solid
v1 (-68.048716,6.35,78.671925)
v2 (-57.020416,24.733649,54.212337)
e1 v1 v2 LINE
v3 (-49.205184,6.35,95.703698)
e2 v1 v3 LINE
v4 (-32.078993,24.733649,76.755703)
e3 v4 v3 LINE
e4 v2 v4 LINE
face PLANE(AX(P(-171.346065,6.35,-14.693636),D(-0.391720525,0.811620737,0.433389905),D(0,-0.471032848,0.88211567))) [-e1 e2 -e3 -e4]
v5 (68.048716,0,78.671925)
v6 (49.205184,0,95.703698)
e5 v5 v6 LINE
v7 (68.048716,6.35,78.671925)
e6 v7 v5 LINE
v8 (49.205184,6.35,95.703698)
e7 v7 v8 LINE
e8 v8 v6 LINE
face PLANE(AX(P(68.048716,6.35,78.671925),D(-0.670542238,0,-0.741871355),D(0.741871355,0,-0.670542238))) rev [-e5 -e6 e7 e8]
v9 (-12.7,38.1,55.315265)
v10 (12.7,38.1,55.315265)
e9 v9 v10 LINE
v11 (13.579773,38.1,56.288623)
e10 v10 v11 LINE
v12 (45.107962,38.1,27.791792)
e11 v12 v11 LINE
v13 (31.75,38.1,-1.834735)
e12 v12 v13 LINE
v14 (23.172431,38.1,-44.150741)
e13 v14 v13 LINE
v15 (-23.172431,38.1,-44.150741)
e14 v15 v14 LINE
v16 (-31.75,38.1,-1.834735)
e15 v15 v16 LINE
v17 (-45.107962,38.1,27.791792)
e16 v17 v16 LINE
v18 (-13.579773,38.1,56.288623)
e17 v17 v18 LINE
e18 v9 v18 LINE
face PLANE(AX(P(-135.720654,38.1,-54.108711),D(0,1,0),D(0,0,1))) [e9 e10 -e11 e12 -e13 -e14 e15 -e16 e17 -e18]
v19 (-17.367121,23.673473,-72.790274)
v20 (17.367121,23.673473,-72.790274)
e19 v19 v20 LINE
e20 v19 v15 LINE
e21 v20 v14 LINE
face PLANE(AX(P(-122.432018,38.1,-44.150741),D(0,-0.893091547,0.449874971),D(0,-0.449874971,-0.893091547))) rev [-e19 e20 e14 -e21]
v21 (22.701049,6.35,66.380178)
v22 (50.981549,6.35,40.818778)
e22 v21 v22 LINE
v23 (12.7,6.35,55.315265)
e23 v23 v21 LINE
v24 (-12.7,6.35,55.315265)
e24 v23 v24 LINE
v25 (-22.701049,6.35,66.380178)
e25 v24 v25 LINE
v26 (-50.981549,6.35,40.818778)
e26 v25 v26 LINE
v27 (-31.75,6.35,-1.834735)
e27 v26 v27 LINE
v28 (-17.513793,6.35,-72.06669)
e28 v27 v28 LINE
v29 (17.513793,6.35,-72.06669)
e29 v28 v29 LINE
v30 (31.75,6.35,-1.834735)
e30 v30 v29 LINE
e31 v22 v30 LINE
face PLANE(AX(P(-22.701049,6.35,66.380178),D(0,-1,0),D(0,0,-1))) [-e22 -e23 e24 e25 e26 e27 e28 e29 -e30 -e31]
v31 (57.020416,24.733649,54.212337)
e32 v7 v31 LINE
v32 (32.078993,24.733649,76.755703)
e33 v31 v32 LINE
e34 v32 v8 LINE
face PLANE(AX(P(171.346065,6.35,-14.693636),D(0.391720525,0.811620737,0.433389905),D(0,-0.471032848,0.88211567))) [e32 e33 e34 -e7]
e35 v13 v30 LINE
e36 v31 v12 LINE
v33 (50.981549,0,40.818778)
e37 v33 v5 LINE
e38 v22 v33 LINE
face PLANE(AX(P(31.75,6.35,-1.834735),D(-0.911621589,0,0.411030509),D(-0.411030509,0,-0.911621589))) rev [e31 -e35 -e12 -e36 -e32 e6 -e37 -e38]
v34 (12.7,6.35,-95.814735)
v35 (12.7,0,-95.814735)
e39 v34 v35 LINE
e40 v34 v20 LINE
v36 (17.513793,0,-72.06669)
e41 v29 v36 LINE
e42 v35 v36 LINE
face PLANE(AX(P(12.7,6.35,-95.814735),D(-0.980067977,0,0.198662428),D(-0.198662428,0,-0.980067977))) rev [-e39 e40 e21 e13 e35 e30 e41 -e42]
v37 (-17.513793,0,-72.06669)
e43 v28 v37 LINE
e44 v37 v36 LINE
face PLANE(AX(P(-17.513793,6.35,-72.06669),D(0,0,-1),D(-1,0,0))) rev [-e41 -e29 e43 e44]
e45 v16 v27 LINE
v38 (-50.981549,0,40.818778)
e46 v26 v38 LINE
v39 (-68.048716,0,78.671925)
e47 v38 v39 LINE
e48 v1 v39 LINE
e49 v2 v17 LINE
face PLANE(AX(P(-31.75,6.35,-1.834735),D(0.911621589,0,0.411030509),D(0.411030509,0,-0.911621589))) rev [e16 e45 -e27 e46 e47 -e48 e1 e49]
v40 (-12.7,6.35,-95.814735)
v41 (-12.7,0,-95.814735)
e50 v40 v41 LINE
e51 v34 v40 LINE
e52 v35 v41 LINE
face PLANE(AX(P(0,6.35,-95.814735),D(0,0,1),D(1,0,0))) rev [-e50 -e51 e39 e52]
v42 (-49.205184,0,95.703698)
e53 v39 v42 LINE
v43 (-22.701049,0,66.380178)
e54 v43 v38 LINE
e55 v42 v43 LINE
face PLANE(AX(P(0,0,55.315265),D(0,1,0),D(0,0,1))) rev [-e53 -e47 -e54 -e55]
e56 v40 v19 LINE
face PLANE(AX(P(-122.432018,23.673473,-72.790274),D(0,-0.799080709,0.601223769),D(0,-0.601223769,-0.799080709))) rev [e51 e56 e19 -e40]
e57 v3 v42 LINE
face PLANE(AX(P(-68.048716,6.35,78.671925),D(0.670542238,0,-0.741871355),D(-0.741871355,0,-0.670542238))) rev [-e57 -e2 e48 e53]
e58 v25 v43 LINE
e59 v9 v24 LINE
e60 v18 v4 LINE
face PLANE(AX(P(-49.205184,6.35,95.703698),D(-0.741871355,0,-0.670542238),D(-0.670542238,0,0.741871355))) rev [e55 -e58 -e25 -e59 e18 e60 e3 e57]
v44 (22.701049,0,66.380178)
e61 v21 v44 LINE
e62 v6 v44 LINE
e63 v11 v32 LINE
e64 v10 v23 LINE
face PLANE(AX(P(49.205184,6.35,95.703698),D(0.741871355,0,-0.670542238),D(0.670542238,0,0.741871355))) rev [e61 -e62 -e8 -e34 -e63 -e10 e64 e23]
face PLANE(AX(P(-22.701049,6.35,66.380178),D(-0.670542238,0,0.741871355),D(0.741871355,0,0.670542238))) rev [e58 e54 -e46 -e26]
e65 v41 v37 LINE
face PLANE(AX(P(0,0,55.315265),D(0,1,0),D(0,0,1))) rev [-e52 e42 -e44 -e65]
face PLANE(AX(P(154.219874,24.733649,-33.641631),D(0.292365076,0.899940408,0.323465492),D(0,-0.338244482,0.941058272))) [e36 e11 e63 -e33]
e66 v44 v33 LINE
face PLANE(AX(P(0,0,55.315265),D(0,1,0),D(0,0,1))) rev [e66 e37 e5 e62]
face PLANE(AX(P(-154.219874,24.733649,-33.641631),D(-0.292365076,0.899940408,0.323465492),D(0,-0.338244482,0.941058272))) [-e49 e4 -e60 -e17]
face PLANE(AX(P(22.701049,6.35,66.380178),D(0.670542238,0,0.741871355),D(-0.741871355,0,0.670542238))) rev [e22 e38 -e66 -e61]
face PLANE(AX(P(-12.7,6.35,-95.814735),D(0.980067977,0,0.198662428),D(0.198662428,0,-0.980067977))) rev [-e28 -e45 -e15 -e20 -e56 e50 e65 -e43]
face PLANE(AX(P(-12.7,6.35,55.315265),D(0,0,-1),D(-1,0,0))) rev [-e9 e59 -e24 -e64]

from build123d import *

# Parameters (mm, degrees)
BOSS_EXTRUDE1_DEPTH = 6.35
BOSS_EXTRUDE2_REACH = 146.797
BOSS_EXTRUDE4_REACH = 127.921
BOSS_EXTRUDE5_DEPTH = 31.75
SKETCH6_W           = 35.398432863
SKETCH6_H           = 63.441579166
CUT_EXTRUDE3_DEPTH  = 124.542305817
CUT_EXTRUDE2_DEPTH  = 6.35


with BuildPart() as part:
    # Sketch1 → Boss-Extrude1 (new body)
    with BuildSketch(Plane(origin=(0, 0, 0), x_dir=(1, 0, 0), z_dir=(0, 1, 0))):
        Polygon((0, 95.814735378), (-12.7, 95.814735378), (-31.75, 1.834735378), (-68.048716454, -78.671924952), (-49.205184033, -95.703697788), (-12.7, -55.315264622), (0, -55.315264622), align=None)
    extrude(amount=BOSS_EXTRUDE1_DEPTH)

    # Boss-Extrude2: up to this plane
    boss_extrude2_end = Plane(origin=(-31.75, 6.35, -1.834735378), z_dir=(0.9116215886149588, 0, 0.4110305088082135))
    # Sketch3 → Boss-Extrude2 (add, up to the surface)
    with BuildSketch(Plane(origin=(20.527176154, 0, 18.553538338), x_dir=(0.6705422376066268, 0, -0.7418713551455524), z_dir=(0.7418713551455524, 0, 0.6705422376066268)), mode=Mode.PRIVATE) as boss_extrude2_sk1:
        Polygon((-103.993986173, 6.35), (-78.453176795, 24.733648606), (-50.864728594, 38.1), (9.629554025, 38.1), (9.629554025, 6.35), align=None)
    boss_extrude2_tool1 = split(extrude(boss_extrude2_sk1.sketch, amount=-BOSS_EXTRUDE2_REACH, mode=Mode.PRIVATE), bisect_by=boss_extrude2_end, keep=Keep.BOTH, mode=Mode.PRIVATE)
    add(boss_extrude2_tool1.solids().sort_by_distance((-3.940159, 20.681693, 45.623593))[0])

    # Boss-Extrude4: up to this plane
    boss_extrude4_end = Plane(origin=(-12.7, 6.35, -95.814735378), z_dir=(0.9800679771232679, 0, 0.19866242779525697))
    # Sketch4 → Boss-Extrude4 (add, up to the surface)
    with BuildSketch(Plane(origin=(0, 0, -3.158589171), x_dir=(0, 0, 1), z_dir=(-1, 0, 0)), mode=Mode.PRIVATE) as boss_extrude4_sk1:
        Polygon((-92.656146207, 6.35), (1.323853793, 6.35), (1.323853793, 38.1), (-40.992152204, 38.1), (-69.631684908, 23.673473414), align=None)
    boss_extrude4_tool1 = split(extrude(boss_extrude4_sk1.sketch, amount=BOSS_EXTRUDE4_REACH, mode=Mode.PRIVATE), bisect_by=boss_extrude4_end, keep=Keep.BOTH, mode=Mode.PRIVATE)
    add(boss_extrude4_tool1.solids().sort_by_distance((0, 20.310013, -38.759281))[0])

    # Sketch5 → Boss-Extrude5 (add)
    with BuildSketch(Plane(origin=(0, 6.35, 0), x_dir=(1, 0, 0), z_dir=(0, 1, 0))):
        Polygon((0, -41.26429858), (0, -55.315264622), (-12.7, -55.315264622), align=None)
    extrude(amount=BOSS_EXTRUDE5_DEPTH)

    # Sketch6 → Cut-Extrude3 (cut, through all)
    with BuildSketch(Plane(origin=(0, 38.1, 0), x_dir=(1, 0, 0), z_dir=(0, 1, 0))):
        with Locations((17.699216432, -13.706659905)):
            Rectangle(SKETCH6_W, SKETCH6_H)
    extrude(amount=-CUT_EXTRUDE3_DEPTH, mode=Mode.SUBTRACT)

    # Sketch7 → Cut-Extrude2 (cut)
    with BuildSketch(Plane.XZ):
        Polygon((-22.7010489, 66.380177888), (-50.981549283, 40.818778494), (-31.75, -1.834735378), (-17.513793047, -72.066689682), (0, -72.066689682), (0, 55.315264622), (-12.7, 55.315264622), align=None)
    extrude(amount=-CUT_EXTRUDE2_DEPTH, mode=Mode.SUBTRACT)

    # Mirror2: part across plane


with BuildPart() as part_1:
    add(part.part)
    add(part.part.mirror(Plane(origin=(0, 0, 0), x_dir=(0, 0, 1), z_dir=(1, 0, 0))))


solid = part_1.part
